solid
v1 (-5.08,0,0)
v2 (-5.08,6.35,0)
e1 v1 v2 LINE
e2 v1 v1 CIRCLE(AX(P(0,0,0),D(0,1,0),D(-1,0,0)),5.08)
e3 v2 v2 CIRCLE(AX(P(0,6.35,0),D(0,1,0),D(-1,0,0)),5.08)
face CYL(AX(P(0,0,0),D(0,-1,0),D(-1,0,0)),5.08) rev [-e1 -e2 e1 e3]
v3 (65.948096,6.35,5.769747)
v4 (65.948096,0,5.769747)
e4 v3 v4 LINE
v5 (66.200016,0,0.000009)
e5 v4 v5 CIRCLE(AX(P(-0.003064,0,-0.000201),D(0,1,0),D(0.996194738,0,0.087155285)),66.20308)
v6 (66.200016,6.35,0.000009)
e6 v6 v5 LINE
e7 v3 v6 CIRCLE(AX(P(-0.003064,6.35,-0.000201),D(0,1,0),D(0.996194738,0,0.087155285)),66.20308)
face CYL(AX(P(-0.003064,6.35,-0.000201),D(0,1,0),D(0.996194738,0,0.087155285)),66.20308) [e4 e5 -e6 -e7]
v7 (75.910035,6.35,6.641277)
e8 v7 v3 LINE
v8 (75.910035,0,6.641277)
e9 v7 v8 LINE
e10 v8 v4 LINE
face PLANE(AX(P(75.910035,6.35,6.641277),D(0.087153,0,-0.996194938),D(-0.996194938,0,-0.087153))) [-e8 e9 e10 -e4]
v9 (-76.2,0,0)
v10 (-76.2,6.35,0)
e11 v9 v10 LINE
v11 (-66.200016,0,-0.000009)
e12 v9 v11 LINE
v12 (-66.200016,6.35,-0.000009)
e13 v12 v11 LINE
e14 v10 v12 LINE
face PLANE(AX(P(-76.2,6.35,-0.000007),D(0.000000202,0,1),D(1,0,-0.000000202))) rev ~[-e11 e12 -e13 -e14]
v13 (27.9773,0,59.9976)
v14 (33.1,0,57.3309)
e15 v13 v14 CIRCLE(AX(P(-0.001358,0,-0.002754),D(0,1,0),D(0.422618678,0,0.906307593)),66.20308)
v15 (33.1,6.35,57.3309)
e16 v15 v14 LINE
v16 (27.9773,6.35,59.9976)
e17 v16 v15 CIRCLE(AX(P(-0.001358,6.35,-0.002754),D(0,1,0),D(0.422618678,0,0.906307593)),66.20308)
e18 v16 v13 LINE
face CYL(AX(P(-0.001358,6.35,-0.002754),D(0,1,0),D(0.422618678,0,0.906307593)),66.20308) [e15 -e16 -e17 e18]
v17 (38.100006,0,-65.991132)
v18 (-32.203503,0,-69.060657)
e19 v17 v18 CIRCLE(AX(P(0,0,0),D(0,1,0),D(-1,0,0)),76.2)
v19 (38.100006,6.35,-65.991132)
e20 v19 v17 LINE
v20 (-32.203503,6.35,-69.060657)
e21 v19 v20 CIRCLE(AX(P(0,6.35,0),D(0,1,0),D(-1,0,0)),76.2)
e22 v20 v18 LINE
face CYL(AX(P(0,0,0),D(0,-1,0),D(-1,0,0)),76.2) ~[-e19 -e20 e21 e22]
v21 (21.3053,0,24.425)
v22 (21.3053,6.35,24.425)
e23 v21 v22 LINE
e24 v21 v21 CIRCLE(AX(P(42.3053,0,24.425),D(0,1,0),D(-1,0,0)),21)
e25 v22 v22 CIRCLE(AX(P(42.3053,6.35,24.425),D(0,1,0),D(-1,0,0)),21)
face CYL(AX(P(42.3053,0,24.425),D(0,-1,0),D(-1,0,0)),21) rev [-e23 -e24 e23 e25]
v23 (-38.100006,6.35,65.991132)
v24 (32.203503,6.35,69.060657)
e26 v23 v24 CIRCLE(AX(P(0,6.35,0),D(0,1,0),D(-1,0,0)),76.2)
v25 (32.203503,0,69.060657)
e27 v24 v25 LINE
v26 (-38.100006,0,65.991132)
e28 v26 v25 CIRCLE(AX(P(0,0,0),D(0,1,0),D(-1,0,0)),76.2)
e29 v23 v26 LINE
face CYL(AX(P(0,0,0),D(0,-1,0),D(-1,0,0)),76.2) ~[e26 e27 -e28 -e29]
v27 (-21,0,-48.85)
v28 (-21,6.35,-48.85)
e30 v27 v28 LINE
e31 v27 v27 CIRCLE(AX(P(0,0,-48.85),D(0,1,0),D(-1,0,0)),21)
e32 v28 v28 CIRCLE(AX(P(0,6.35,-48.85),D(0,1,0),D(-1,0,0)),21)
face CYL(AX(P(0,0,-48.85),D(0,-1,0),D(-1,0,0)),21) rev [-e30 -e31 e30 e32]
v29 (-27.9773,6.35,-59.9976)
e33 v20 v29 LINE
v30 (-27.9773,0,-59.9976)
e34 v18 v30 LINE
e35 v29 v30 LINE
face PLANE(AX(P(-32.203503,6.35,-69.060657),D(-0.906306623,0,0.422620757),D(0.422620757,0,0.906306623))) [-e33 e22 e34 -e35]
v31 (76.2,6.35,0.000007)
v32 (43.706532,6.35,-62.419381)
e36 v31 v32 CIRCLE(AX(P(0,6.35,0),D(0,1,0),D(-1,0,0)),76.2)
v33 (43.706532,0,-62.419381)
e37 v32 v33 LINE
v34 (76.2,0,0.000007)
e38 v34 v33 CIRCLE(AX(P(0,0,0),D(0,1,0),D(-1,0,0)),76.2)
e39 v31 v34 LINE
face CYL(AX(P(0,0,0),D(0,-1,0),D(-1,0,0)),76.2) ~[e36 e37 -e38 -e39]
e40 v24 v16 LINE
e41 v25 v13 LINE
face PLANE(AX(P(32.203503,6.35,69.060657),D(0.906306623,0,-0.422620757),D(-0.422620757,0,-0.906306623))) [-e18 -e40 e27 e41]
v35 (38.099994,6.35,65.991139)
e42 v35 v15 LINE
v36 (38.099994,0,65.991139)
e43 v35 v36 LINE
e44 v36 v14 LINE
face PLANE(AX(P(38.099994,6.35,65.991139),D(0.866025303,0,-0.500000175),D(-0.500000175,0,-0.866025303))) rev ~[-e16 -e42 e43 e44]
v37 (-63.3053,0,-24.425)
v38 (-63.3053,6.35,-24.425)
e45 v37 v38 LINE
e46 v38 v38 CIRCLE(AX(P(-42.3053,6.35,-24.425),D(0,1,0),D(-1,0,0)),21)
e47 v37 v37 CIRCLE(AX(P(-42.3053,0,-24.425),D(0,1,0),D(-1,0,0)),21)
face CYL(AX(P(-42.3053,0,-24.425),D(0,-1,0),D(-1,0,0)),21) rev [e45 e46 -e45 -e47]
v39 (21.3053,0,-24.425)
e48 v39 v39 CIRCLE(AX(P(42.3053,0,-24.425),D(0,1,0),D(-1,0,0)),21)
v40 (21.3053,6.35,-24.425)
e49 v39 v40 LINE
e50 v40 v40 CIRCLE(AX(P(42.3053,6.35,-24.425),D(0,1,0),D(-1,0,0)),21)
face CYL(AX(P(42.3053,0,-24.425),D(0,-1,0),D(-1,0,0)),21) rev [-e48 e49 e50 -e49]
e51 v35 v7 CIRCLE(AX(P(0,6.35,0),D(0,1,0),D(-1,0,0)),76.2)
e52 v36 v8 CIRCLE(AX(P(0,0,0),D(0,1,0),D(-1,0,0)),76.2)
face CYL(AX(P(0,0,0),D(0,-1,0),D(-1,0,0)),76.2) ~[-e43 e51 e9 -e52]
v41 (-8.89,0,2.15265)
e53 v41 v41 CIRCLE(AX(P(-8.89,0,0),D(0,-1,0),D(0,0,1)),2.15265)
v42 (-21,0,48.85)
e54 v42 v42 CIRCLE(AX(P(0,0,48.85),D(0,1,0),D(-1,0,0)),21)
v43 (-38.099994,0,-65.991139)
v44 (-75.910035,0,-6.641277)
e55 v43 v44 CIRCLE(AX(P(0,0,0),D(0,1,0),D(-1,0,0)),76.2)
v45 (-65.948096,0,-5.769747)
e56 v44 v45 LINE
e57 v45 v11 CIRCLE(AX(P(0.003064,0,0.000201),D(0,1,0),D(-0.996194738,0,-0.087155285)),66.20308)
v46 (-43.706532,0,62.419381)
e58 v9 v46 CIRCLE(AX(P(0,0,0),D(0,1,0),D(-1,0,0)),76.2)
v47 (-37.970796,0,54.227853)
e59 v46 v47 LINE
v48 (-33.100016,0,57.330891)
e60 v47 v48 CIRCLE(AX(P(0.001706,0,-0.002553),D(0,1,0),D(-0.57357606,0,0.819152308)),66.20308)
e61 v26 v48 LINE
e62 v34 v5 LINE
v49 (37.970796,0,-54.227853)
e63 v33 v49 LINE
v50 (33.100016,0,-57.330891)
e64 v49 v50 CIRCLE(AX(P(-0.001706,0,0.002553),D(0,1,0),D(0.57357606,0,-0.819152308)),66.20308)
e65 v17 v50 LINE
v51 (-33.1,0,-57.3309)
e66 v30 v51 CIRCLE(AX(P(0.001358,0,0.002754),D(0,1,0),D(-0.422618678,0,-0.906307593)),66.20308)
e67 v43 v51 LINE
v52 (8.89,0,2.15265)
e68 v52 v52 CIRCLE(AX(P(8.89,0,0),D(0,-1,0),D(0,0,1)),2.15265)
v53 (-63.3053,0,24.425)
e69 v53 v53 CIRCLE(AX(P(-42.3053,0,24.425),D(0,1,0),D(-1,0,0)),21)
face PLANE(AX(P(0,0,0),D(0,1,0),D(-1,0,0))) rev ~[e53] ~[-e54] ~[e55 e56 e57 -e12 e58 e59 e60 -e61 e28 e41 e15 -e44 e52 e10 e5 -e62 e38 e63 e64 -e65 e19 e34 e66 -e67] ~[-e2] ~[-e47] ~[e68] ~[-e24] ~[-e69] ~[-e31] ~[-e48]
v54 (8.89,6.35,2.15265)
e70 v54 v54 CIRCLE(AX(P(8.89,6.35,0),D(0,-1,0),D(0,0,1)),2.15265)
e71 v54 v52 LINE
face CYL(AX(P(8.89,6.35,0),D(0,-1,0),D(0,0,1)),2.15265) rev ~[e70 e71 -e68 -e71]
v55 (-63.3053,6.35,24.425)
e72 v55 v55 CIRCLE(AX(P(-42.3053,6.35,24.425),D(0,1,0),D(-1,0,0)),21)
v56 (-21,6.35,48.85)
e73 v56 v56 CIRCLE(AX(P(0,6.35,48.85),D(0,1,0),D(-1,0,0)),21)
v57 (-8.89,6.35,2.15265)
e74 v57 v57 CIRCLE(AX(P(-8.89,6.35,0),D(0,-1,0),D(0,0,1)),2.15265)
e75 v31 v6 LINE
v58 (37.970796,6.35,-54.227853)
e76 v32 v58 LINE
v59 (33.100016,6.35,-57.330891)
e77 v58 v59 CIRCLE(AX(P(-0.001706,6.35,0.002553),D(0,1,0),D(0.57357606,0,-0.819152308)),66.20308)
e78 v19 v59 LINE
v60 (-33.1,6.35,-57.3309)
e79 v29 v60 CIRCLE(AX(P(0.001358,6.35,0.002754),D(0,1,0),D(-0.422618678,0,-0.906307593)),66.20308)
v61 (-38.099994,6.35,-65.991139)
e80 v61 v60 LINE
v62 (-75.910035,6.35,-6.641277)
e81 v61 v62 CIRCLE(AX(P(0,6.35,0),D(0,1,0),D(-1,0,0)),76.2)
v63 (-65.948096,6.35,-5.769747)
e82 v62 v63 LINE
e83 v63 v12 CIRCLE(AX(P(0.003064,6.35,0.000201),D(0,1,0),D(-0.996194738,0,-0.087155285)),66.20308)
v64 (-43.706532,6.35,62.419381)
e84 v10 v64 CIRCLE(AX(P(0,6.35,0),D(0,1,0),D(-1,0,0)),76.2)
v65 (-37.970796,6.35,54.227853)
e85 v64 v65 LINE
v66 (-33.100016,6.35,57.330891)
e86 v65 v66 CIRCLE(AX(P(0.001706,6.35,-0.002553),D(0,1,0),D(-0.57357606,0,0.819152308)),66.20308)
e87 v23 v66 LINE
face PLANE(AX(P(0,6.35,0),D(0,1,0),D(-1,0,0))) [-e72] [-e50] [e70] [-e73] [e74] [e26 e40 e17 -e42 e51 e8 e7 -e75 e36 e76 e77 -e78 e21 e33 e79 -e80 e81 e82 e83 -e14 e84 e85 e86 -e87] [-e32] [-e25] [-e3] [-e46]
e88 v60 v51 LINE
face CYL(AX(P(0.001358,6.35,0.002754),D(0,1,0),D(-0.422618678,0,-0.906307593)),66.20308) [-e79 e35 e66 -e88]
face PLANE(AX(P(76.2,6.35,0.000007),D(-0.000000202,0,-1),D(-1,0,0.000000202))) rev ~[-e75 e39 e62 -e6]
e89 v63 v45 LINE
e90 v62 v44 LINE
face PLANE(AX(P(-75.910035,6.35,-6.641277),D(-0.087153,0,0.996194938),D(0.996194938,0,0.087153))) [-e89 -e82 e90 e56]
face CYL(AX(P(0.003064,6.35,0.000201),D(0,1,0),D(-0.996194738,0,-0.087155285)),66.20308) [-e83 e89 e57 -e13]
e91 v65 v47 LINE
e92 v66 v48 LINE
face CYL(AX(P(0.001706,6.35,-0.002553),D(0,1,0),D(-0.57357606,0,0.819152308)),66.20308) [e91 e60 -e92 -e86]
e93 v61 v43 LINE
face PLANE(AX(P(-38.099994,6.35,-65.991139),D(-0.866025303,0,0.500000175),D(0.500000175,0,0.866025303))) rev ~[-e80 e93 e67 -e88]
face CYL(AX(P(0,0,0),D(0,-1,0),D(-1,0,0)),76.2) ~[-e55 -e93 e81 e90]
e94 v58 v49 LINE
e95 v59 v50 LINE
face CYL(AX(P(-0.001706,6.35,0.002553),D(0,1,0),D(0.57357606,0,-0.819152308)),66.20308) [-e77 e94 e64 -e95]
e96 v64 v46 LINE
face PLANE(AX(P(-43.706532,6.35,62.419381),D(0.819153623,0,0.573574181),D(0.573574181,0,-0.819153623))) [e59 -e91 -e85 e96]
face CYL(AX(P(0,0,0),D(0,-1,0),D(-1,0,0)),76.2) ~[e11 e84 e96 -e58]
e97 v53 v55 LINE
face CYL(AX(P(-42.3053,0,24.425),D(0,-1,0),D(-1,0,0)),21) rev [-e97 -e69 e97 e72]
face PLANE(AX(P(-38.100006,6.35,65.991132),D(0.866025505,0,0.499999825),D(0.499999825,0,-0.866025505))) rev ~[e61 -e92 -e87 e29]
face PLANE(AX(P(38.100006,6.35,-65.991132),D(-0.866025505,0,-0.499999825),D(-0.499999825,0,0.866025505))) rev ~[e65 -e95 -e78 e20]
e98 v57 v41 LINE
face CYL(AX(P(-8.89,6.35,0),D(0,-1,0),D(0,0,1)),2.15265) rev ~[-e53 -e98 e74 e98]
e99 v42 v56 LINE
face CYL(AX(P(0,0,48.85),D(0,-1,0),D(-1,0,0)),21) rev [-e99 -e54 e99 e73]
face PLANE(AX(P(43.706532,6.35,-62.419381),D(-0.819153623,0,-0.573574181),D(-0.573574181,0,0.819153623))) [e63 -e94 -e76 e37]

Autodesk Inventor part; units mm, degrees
ref_plane "YZ Plane" through (0, 0, 0) normal (1, 0, 0) x (0, 1, 0)
ref_plane "XZ Plane" through (0, 0, 0) normal (0, 1, 0) x (-1, 0, 0)
ref_plane "XY Plane" through (0, 0, 0) normal (0, 0, 1) x (1, 0, 0)
sketch "Sketch1" plane through (0, 0, 0) normal (0, 1, 0) x (-1, 0, 0)
  circle A0 centre (0, -48.85) radius 21
  line L0 (0, -48.85) -> (0, 0) construction
  circle A1 centre (42.3053, -24.425) radius 21
  circle A2 centre (42.3053, 24.425) radius 21
  circle A3 centre (0, 48.85) radius 21
  circle A4 centre (-42.3053, 24.425) radius 21
  circle A5 centre (-42.3053, -24.425) radius 21
  circle A6 centre (0, 0) radius 76.2
  circle A7 centre (0, 0) radius 5.08
  dimension "d0" = 42
  dimension "d2" = 48.85
  dimension "d5" = 360
  dimension "d7" = 152.4
  dimension "d8" = 10.16
extrude "Extrusion1" add sketch "Sketch1" along normal blind 6.35
sketch "Sketch2" plane through (0, 6.35, 0) normal (0, 1, 0) x (1, 0, 0)
  circle A0 centre (0, 0) radius 5.08 projected
  line L0 (-8.89, 0) -> (8.89, 0) construction
  dimension "d11" = 17.78
hole "Hole1" at (-8.89, 6.35, 0) at (8.89, 6.35, 0) direction (0, -1, 0) diameter 4.3053 end through all
sketch "Sketch3" plane through (0, 6.35, 0) normal (0, 1, 0) x (1, 0, 0)
  circle A0 centre (-8.89, 0) radius 2.1526 projected
  circle A1 centre (0, 0) radius 5.08 projected
  circle A2 centre (0, 0) radius 76.2 projected
  line L0 (0, 0) -> (-8.89, 0) construction
  line L1 (-43.1, 74.6514) -> (-33.1, 57.3309)
  arc A3 (-36.4297, 78.1237) -> (-43.1, 74.6514) centre (0, 0) ccw
  arc A4 (-27.9773, 59.9976) -> (-33.1, 57.3309) centre (0, 0) ccw
  line L2 (-36.4297, 78.1237) -> (-27.9773, 59.9976)
  point P0 (-38.1, 65.9911)
  dimension "d30" = 60
  dimension "d35" = 20
  dimension "d37" = 20
  dimension "d38" = 65
extrude "Extrusion2" cut sketch "Sketch3" against normal through all contours L2 A4 L1 A2 | A2 L1 A3 L2 picked at (-32.0375, 65.438)
pattern_circular "Circular Pattern1" count 6 over 360 about axis through (0, -10, 0) along (0, 1, 0) of "Extrusion2"
equation "\"d37\" = d35"
properties part number "carousel-rev2"
